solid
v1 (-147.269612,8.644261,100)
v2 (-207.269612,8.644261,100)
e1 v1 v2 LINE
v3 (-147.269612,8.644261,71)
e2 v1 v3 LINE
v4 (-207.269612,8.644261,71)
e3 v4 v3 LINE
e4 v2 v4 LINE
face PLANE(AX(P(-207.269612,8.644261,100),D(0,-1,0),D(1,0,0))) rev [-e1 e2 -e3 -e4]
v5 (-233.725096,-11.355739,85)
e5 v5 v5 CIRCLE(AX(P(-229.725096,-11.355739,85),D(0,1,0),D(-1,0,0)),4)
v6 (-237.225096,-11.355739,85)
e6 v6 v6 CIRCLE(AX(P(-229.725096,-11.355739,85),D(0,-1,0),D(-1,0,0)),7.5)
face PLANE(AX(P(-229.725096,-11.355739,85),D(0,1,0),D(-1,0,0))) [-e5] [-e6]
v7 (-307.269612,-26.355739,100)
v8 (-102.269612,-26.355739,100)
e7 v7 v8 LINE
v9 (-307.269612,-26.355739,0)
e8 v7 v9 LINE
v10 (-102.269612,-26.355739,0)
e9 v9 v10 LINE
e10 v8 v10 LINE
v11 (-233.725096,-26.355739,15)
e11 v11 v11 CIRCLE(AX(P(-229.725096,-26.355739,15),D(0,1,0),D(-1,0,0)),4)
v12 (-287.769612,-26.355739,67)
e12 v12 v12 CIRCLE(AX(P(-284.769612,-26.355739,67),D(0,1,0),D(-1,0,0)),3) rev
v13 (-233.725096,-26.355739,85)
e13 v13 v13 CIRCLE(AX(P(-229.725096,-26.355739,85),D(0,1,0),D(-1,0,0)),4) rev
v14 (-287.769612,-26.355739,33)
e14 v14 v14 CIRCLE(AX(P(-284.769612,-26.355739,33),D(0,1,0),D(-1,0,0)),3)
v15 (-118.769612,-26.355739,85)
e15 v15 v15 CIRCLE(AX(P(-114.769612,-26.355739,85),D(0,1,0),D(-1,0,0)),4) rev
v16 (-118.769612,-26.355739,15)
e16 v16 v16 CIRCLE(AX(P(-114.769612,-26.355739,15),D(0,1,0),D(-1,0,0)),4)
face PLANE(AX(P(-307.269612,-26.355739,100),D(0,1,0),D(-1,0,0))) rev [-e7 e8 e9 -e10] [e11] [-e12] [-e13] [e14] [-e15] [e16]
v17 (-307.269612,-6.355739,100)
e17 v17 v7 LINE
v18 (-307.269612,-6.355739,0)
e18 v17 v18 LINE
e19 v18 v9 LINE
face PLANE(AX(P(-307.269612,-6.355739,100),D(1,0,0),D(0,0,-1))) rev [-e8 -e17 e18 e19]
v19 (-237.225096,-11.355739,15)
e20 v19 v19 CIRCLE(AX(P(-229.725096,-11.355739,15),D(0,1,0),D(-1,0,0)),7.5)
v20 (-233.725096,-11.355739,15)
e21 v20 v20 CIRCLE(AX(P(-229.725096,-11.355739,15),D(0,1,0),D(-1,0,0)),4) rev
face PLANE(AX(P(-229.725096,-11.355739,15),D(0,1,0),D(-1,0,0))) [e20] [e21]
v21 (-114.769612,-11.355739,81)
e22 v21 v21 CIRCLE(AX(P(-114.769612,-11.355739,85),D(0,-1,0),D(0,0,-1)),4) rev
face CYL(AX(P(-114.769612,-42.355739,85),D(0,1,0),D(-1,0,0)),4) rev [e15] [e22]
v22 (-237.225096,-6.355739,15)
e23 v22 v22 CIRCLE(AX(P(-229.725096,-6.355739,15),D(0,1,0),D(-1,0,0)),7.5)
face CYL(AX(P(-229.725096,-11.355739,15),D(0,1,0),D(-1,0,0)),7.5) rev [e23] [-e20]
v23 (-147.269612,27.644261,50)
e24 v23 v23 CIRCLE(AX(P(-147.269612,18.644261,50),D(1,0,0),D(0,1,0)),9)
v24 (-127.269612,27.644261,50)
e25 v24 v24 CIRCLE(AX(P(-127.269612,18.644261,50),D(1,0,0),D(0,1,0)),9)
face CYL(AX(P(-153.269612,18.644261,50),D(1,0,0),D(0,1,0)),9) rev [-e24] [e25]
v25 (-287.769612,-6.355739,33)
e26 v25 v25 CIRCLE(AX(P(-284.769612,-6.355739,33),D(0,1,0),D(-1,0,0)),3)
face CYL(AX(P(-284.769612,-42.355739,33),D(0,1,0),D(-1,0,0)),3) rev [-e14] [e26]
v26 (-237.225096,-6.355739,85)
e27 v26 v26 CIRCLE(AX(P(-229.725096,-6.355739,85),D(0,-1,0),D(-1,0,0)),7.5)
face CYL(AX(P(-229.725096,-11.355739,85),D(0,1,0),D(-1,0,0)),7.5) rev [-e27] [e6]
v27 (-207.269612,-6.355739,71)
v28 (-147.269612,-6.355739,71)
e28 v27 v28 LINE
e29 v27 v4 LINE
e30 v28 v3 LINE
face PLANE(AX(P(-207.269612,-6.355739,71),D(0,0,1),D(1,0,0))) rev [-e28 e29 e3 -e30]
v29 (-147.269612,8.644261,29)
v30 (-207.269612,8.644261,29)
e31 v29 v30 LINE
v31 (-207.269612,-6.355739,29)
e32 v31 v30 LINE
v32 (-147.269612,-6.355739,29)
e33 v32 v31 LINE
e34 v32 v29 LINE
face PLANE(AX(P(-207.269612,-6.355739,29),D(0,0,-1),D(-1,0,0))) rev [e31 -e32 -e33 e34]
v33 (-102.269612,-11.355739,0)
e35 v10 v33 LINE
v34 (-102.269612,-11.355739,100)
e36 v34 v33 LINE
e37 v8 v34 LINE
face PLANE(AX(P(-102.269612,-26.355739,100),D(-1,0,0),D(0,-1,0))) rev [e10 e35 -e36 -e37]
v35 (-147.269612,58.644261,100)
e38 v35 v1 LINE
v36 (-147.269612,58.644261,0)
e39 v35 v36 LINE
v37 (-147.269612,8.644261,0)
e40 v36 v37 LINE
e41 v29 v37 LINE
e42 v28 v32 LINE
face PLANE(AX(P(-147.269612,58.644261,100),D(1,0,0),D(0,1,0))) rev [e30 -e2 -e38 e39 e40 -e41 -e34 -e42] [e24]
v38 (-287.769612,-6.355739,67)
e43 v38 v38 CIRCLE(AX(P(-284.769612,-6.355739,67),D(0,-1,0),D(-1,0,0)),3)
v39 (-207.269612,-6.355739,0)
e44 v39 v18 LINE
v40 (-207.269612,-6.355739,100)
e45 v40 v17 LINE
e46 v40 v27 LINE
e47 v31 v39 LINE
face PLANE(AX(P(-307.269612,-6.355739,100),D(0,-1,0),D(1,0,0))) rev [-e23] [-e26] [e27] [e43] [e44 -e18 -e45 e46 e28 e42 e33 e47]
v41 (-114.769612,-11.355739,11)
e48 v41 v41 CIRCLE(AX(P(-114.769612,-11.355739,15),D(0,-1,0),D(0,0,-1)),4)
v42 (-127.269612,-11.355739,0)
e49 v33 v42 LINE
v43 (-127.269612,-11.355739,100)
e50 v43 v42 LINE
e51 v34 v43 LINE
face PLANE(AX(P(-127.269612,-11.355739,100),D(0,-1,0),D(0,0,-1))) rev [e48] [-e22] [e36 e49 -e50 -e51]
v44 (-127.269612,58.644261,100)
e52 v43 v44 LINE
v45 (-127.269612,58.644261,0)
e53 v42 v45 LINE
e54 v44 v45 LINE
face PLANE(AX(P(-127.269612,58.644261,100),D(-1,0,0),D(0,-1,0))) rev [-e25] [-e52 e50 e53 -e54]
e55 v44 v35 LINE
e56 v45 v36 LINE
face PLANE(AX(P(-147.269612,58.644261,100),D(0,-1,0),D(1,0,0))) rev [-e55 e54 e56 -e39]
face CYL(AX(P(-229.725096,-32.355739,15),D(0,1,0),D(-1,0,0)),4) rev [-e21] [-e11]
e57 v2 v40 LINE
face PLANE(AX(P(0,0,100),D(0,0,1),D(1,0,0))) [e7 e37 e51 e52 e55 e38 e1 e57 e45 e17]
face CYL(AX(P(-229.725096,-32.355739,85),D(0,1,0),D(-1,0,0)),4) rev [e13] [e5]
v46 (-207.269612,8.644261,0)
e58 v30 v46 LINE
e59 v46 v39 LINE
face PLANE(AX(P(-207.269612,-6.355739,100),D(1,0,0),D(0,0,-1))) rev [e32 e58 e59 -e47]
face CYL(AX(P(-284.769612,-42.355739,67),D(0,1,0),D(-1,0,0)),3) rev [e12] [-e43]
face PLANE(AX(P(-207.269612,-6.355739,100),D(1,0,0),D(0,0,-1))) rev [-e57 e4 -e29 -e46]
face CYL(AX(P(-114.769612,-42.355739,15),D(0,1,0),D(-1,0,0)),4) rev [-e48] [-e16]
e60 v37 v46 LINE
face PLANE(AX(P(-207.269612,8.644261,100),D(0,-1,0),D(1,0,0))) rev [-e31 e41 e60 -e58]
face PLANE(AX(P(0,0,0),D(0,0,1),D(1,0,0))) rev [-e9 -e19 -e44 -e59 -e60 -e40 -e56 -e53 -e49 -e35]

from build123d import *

# Parameters (mm, degrees)
BOSS_EXTRUDE1_DEPTH = 100
SKETCH2_W           = 60
SKETCH2_H           = 42
CUT_EXTRUDE1_DEPTH  = 15
SKETCH3_R           = 3
SKETCH3_R_2         = 4
CUT_EXTRUDE2_DEPTH  = 36
SKETCH5_R           = 9
CUT_EXTRUDE3_DEPTH  = 26
SKETCH6_R           = 4
CUT_EXTRUDE4_DEPTH  = 26
SKETCH6_3_R         = 7.5
CUT_EXTRUDE5_DEPTH  = 5


with BuildPart() as part:
    # Sketch1 → Boss-Extrude1 (new body)
    with BuildSketch(Plane.XY):
        Polygon((-307.269612093, -26.355738605), (-102.269612093, -26.355738605), (-102.269612093, -11.355738605), (-127.269612093, -11.355738605), (-127.269612093, 58.644261395), (-147.269612093, 58.644261395), (-147.269612093, 8.644261395), (-207.269612093, 8.644261395), (-207.269612093, -6.355738605), (-307.269612093, -6.355738605), align=None)
    extrude(amount=BOSS_EXTRUDE1_DEPTH)

    # Sketch2 → Cut-Extrude1 (cut)
    with BuildSketch(Plane(origin=(0, 8.644261395, 0), x_dir=(1, 0, 0), z_dir=(0, 1, 0))):
        with Locations((-177.269612093, -50)):
            Rectangle(SKETCH2_W, SKETCH2_H)
    extrude(amount=-CUT_EXTRUDE1_DEPTH, mode=Mode.SUBTRACT)

    # Sketch3 → Cut-Extrude2 (cut)
    with BuildSketch(Plane(origin=(0, -6.355738605, 0), x_dir=(1, 0, 0), z_dir=(0, 1, 0))):
        with Locations((-284.769612093, -33)):
            Circle(SKETCH3_R)
        with Locations((-114.769612093, -15)):
            Circle(SKETCH3_R_2)
    cut_extrude2 = extrude(amount=-CUT_EXTRUDE2_DEPTH, mode=Mode.SUBTRACT)

    # Mirror1: Cut-Extrude2 across plane
    add(cut_extrude2.mirror(Plane.XY.offset(50)), mode=Mode.SUBTRACT)

    # Sketch5 → Cut-Extrude3 (cut)
    with BuildSketch(Plane(origin=(-127.269612093, 0, 0), x_dir=(0, 0, -1), z_dir=(1, 0, 0))):
        with Locations((-50, 18.644261395)):
            Circle(SKETCH5_R)
    extrude(amount=-CUT_EXTRUDE3_DEPTH, mode=Mode.SUBTRACT)

    # Sketch6 → Cut-Extrude4 (cut)
    with BuildSketch(Plane(origin=(0, -6.355738605, 0), x_dir=(1, 0, 0), z_dir=(0, 1, 0))):
        with Locations((-229.725095616, -15)):
            Circle(SKETCH6_R)
    cut_extrude4 = extrude(amount=-CUT_EXTRUDE4_DEPTH, mode=Mode.SUBTRACT)

    # Sketch6<3> → Cut-Extrude5 (cut)
    with BuildSketch(Plane(origin=(0, -6.355738605, 0), x_dir=(1, 0, 0), z_dir=(0, 1, 0))):
        with Locations((-229.725095616, -15)):
            Circle(SKETCH6_3_R)
    cut_extrude5 = extrude(amount=-CUT_EXTRUDE5_DEPTH, mode=Mode.SUBTRACT)

    # Mirror2: Cut-Extrude4, Cut-Extrude5 across plane
    add(cut_extrude4.mirror(Plane.XY.offset(50)), mode=Mode.SUBTRACT)
    add(cut_extrude5.mirror(Plane.XY.offset(50)), mode=Mode.SUBTRACT)


solid = part.part
